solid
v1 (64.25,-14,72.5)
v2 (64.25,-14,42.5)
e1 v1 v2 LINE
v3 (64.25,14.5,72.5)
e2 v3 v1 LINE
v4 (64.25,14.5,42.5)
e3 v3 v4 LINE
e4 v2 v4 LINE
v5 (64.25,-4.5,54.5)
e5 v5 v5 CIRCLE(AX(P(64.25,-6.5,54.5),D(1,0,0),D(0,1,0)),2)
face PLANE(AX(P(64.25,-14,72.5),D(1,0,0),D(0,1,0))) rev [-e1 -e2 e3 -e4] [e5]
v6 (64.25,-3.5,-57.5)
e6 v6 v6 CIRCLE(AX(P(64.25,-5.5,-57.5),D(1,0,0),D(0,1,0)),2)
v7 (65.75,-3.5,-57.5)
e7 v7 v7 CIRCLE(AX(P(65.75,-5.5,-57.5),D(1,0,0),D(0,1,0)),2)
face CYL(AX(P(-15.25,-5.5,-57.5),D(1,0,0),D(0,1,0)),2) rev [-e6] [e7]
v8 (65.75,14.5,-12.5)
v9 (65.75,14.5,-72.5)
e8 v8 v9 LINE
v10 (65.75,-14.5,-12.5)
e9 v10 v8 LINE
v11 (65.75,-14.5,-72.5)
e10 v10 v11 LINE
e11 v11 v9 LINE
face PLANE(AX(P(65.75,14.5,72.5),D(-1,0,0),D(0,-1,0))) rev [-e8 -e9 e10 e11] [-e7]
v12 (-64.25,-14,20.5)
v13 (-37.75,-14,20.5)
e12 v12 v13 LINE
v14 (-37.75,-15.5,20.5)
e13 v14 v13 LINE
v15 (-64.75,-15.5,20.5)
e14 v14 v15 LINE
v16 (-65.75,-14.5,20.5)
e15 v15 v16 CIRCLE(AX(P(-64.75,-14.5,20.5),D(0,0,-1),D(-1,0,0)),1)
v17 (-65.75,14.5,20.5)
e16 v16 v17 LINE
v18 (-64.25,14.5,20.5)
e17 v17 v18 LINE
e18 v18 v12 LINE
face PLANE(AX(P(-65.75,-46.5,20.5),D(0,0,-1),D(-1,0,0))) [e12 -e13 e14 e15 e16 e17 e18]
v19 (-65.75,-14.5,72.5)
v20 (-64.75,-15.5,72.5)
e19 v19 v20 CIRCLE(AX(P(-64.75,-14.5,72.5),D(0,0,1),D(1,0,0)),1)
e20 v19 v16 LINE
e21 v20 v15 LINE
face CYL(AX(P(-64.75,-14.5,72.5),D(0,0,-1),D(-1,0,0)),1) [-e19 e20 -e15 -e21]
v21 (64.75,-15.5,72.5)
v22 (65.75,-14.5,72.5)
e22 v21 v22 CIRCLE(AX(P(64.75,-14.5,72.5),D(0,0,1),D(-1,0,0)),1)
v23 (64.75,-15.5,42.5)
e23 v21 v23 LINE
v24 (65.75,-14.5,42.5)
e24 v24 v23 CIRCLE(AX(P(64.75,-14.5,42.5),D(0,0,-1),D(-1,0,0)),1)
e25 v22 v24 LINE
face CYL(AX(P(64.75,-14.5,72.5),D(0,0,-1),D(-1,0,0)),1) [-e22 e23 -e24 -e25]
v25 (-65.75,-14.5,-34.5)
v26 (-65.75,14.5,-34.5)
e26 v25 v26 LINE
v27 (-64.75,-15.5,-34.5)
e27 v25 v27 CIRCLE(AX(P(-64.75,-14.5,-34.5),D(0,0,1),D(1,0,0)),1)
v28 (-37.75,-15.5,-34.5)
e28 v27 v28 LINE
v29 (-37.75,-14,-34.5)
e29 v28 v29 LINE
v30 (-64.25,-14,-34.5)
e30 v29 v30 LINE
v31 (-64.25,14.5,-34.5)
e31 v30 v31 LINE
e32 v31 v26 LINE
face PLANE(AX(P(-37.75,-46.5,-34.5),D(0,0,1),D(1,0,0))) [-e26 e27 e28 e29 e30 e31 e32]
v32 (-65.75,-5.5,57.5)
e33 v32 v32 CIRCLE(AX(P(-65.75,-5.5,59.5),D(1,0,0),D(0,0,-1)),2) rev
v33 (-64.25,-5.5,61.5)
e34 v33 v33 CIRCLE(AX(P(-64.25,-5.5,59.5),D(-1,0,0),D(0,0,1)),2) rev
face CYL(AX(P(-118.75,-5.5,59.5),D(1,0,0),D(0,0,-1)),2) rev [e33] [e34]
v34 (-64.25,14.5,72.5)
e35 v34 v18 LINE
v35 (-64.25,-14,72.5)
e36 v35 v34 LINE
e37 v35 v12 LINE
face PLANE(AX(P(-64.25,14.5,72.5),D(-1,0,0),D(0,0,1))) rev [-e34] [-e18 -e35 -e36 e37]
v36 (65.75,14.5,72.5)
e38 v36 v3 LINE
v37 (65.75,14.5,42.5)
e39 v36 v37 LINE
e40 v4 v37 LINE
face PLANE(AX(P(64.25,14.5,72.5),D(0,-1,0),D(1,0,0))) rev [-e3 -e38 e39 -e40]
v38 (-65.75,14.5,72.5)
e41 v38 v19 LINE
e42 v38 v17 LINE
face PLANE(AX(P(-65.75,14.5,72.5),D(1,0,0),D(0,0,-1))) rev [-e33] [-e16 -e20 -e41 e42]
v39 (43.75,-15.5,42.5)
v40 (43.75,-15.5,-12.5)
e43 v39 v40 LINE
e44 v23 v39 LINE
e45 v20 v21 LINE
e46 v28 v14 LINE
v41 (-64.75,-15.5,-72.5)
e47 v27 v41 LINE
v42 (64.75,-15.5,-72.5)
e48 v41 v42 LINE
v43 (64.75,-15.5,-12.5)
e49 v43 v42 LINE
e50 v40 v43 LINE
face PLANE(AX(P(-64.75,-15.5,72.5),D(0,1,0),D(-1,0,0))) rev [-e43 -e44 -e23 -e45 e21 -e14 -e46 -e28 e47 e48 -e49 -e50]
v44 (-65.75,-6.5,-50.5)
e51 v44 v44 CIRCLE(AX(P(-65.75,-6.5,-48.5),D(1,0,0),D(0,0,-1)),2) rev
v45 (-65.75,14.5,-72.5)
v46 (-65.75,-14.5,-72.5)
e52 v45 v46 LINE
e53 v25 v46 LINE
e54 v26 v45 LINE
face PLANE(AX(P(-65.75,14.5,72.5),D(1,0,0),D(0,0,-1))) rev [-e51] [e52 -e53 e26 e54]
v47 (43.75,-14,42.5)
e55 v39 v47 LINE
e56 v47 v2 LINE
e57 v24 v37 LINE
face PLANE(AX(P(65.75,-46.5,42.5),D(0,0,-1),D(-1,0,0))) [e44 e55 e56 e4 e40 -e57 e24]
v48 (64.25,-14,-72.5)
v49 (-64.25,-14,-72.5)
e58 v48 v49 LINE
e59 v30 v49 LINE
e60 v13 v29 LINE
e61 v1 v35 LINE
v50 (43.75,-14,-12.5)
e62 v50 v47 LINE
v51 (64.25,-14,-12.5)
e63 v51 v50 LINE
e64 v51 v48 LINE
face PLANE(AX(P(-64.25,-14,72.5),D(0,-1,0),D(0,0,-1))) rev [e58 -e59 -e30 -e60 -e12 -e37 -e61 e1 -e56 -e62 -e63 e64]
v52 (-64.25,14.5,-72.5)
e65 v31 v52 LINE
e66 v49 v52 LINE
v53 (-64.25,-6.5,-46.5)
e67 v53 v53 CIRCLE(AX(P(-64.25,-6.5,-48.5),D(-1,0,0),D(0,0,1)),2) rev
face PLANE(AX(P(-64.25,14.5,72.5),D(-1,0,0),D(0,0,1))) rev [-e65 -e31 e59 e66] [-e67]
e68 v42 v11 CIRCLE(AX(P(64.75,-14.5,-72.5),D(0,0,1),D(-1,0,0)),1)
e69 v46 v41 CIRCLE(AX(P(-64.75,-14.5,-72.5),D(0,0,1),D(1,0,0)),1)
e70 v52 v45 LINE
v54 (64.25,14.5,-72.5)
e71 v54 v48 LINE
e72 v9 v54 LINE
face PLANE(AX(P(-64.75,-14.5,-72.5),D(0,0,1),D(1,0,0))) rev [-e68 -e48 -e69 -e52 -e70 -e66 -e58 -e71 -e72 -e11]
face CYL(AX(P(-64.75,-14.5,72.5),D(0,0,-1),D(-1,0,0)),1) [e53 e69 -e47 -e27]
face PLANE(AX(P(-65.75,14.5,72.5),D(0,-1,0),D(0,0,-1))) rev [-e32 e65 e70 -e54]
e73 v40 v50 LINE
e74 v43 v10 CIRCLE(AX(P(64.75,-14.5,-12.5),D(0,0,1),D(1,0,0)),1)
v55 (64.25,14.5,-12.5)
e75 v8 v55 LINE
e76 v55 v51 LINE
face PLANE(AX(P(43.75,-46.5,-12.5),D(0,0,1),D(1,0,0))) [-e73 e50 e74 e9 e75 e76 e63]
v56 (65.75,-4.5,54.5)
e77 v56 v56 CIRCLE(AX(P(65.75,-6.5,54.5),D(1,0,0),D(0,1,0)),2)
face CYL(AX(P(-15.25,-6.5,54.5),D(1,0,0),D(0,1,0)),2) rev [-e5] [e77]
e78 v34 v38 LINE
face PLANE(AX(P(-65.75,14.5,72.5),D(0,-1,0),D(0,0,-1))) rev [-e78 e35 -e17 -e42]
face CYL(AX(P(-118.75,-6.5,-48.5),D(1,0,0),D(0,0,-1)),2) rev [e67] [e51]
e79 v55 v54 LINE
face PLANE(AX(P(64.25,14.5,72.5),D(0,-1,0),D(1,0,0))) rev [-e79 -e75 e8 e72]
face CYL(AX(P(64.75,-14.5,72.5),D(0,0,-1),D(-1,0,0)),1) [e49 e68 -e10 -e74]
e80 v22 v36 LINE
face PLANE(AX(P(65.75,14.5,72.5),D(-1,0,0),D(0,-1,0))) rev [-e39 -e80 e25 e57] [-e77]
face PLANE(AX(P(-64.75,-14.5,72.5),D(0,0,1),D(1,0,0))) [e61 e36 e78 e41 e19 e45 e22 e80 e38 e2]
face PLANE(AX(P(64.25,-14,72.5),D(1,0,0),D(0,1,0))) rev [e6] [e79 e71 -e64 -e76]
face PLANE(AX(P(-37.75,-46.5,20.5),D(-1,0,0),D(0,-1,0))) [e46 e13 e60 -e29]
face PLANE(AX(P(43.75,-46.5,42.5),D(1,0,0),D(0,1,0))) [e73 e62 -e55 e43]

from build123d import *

# Parameters (mm, degrees)
SALIENTE_EXTRUIR1_DEPTH    = 72.5
CORTAR_EXTRUIR1_DEPTH      = 31
CORTAR_EXTRUIR1_DEPTH_BACK = 140
CROQUIS2_W                 = 28
CROQUIS2_H                 = 55
CROQUIS2_W_2               = 22
CORTAR_EXTRUIR2_DEPTH      = 53
CORTAR_EXTRUIR2_DEPTH_BACK = 81
CROQUIS3_R                 = 2
CROQUIS5_R                 = 2
CORTAR_EXTRUIR3_DEPTH      = 81


with BuildPart() as part:
    # Croquis1 → Saliente-Extruir1 (new, symmetric)
    with BuildSketch(Plane.XY):
        with BuildLine():
            Line((-65.75, 14.5), (-64.25, 14.5))
            Line((-64.25, 14.5), (-64.25, -14))
            Line((-64.25, -14), (64.25, -14))
            Line((64.25, -14), (64.25, 14.5))
            Line((64.25, 14.5), (65.75, 14.5))
            Line((65.75, 14.5), (65.75, -14.5))
            ThreePointArc((65.75, -14.5), (65.457106781, -15.207106781), (64.75, -15.5))
            Line((64.75, -15.5), (-64.75, -15.5))
            ThreePointArc((-64.75, -15.5), (-65.457106781, -15.207106781), (-65.75, -14.5))
            Line((-65.75, -14.5), (-65.75, 14.5))
        make_face()
    extrude(amount=SALIENTE_EXTRUIR1_DEPTH, both=True)

    # Croquis2 → Cortar-Extruir1 (cut, two sides: drawn at the far end of the back side and taken through both)
    with BuildSketch(Plane.XZ.offset(15.5).offset(-CORTAR_EXTRUIR1_DEPTH_BACK)):
        with Locations((-51.75, -7)):
            Rectangle(CROQUIS2_W, CROQUIS2_H)
        with Locations((54.75, 15)):
            Rectangle(CROQUIS2_W_2, CROQUIS2_H)
    extrude(amount=CORTAR_EXTRUIR1_DEPTH + CORTAR_EXTRUIR1_DEPTH_BACK, mode=Mode.SUBTRACT)

    # Croquis3 → Cortar-Extruir2 (cut, two sides: drawn at the far end of the back side and taken through both)
    with BuildSketch(Plane.ZY.offset(65.75).offset(-CORTAR_EXTRUIR2_DEPTH_BACK)):
        with Locations(Location((59.5, -5.5, 0), (0, 0, 180))):
            Circle(CROQUIS3_R)
        with Locations(Location((-48.5, -6.5, 0), (0, 0, 180))):
            Circle(CROQUIS3_R)
    extrude(amount=CORTAR_EXTRUIR2_DEPTH + CORTAR_EXTRUIR2_DEPTH_BACK, mode=Mode.SUBTRACT)

    # Croquis5 → Cortar-Extruir3 (cut)
    with BuildSketch(Plane(origin=(65.75, 0, 0), x_dir=(0, 0, -1), z_dir=(1, 0, 0))):
        with Locations(Location((-54.5, -6.5, 0), (0, 0, 90))):
            Circle(CROQUIS5_R)
        with Locations(Location((57.5, -5.5, 0), (0, 0, 90))):
            Circle(CROQUIS5_R)
    extrude(amount=-CORTAR_EXTRUIR3_DEPTH, mode=Mode.SUBTRACT)


solid = part.part
